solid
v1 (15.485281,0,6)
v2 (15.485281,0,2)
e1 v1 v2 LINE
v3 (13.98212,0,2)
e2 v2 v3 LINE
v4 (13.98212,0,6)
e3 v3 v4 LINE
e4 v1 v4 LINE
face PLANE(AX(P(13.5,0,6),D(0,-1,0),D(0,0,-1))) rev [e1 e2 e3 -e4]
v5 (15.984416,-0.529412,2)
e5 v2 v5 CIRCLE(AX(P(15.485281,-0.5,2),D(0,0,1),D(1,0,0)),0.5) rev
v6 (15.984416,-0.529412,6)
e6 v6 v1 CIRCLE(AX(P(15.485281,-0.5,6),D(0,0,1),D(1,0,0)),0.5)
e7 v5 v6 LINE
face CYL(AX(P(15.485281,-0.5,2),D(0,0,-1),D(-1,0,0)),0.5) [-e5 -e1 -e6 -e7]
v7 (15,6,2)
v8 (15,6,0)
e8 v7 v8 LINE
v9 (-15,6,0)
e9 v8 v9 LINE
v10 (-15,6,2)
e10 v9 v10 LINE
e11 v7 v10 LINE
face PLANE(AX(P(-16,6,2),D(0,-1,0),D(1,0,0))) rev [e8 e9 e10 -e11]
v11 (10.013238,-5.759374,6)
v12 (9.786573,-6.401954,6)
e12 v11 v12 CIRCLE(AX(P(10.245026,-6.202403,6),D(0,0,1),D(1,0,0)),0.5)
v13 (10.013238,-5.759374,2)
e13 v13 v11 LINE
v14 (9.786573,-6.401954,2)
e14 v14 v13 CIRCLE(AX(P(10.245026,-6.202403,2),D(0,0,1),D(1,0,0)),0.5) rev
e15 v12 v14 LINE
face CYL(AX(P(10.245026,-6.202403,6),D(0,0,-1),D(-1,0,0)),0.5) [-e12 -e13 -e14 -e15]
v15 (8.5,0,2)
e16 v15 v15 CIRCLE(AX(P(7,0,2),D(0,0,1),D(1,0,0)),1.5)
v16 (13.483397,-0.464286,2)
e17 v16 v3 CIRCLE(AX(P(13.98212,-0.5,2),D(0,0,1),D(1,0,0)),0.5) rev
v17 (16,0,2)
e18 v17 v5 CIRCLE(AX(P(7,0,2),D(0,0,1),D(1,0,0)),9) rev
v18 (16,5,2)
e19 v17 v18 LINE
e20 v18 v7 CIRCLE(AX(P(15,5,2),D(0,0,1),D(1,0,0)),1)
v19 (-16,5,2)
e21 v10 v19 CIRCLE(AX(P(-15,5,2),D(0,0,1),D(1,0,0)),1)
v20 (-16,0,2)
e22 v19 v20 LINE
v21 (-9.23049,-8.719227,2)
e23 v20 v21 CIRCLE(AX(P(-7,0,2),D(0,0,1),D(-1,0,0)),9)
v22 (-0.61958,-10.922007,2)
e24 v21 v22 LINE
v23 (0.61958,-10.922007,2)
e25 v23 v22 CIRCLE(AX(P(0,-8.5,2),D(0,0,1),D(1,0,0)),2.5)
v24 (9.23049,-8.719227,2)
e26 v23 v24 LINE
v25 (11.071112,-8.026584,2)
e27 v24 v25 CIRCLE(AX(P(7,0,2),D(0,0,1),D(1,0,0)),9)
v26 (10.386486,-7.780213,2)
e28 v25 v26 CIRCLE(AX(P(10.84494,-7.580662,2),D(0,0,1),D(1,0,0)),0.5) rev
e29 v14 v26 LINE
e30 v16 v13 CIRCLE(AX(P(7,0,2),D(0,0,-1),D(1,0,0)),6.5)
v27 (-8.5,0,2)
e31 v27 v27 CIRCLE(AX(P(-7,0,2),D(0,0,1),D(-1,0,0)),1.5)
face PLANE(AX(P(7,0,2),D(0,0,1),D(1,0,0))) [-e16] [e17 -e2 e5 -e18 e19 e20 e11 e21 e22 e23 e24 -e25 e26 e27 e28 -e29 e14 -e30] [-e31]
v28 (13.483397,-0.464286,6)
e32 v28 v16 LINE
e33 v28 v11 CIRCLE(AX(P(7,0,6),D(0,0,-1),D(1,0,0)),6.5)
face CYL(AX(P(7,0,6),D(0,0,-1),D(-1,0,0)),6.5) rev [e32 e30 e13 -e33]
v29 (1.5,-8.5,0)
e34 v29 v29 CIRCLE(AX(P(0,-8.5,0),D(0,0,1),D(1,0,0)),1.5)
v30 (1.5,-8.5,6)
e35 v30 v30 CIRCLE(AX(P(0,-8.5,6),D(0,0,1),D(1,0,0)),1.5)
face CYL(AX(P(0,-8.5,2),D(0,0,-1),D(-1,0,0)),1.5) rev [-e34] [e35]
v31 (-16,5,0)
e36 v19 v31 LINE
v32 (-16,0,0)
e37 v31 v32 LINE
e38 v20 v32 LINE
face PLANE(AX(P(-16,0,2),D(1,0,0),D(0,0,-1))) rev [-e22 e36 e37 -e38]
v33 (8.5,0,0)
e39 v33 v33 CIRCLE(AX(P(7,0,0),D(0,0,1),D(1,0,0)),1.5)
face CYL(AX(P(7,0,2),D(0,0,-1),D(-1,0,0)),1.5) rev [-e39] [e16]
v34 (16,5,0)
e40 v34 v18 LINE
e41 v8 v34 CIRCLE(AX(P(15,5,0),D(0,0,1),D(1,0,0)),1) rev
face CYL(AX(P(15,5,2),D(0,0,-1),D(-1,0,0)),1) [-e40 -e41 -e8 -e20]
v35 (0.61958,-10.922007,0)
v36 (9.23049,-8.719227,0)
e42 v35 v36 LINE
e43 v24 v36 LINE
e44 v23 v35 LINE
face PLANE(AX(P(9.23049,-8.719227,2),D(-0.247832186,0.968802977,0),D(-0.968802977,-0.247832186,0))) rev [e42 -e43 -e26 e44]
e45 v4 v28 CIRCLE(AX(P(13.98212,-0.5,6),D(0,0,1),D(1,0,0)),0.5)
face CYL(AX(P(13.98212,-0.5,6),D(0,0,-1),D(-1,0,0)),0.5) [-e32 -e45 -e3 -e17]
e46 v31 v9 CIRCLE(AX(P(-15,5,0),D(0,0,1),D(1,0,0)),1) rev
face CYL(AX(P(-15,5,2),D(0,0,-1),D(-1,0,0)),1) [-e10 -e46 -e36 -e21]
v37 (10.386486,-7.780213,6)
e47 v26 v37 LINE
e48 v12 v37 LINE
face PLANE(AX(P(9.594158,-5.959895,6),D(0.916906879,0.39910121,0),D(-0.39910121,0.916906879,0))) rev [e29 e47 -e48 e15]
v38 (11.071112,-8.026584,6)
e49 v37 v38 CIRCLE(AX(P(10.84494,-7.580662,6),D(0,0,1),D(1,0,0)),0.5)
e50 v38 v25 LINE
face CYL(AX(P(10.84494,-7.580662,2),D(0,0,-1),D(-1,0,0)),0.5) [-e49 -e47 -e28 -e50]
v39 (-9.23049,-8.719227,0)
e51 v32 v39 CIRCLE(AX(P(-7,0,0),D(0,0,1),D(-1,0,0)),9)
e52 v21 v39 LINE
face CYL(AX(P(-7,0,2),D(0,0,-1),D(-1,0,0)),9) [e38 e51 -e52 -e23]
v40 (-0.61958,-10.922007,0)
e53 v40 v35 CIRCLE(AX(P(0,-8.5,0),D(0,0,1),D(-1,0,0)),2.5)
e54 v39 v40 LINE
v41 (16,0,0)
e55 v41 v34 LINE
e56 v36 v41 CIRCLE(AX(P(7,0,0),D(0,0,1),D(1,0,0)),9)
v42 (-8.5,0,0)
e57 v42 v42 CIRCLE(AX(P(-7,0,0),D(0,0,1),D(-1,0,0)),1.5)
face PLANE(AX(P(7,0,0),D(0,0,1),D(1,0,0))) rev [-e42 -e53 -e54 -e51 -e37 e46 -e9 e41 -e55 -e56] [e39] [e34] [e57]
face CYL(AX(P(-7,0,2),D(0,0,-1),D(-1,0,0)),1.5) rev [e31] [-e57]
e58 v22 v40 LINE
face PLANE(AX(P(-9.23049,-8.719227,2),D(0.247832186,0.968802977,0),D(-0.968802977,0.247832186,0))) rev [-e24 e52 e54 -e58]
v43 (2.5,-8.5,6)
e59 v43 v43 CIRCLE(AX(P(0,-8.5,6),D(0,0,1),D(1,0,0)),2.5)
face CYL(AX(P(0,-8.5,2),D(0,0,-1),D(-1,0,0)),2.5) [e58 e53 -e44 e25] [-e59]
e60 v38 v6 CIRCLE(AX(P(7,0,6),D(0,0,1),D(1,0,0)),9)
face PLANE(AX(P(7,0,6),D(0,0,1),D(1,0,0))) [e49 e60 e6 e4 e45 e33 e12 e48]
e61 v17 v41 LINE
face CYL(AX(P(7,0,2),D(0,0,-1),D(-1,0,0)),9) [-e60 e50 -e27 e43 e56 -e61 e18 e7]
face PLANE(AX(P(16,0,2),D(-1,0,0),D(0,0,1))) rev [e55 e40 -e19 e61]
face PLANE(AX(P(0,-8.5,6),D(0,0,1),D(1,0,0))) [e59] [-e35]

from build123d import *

# Parameters (mm, degrees)
SKETCH_2_R      = 1.5
EXTRUDE_1_DEPTH = 2
EXTRUDE_2_DEPTH = 4
FILLET_1_R      = 1
FILLET_4_R      = 0.5
SKETCH_4_R      = 2.5
SKETCH_4_R_2    = 1.5
EXTRUDE_3_DEPTH = 4


with BuildPart() as part:
    # 草图2 → 凸台-拉伸1 (new body)
    with BuildSketch(Plane.XY):
        with BuildLine():
            Line((7, 6), (-7, 6))
            Line((-7, 6), (-16, 6))
            Line((-16, 6), (-16, 0))
            ThreePointArc((-16, 0), (-14.108952351, -5.519311231), (-9.230489674, -8.71922679))
            Line((-9.230489674, -8.71922679), (-0.619580465, -10.922007442))
            ThreePointArc((-0.619580465, -10.922007442), (0, -11), (0.619580465, -10.922007442))
            Line((0.619580465, -10.922007442), (9.230489674, -8.71922679))
            ThreePointArc((9.230489674, -8.71922679), (14.108952351, -5.519311231), (16, 0))
            Line((16, 0), (16, 6))
            Line((16, 6), (7, 6))
        make_face()
        with Locations((0, -8.5)):
            Circle(SKETCH_2_R, mode=Mode.SUBTRACT)
        with Locations((7, 0)):
            Circle(SKETCH_2_R, mode=Mode.SUBTRACT)
        with Locations(Location((-7, 0, 0), (0, 0, 180))):
            Circle(SKETCH_2_R, mode=Mode.SUBTRACT)
    extrude(amount=EXTRUDE_1_DEPTH)

    # 草图3 → 凸台-拉伸2 (add)
    with BuildSketch(Plane.XY.offset(2)):
        with BuildLine():
            Line((13.5, 0), (16, 0))
            ThreePointArc((16, 0), (14.527522767, -4.933193793), (10.591910889, -8.252161909))
            Line((10.591910889, -8.252161909), (9.594157864, -5.959894712))
            ThreePointArc((9.594157864, -5.959894712), (12.43654422, -3.562862184), (13.5, 0))
        make_face()
    extrude(amount=EXTRUDE_2_DEPTH)

    # 圆角1
    fillet_1_edges = [part.edges().sort_by_distance(p)[0] for p in [
        (-16, 6, 1),
        (16, 6, 1),
    ]]
    fillet(fillet_1_edges, radius=FILLET_1_R)

    # 圆角4
    fillet_4_edges = [part.edges().sort_by_distance(p)[0] for p in [
        (10.591910889, -8.252161909, 4),
        (16, 0, 4),
        (13.5, 0, 4),
        (9.594157864, -5.959894712, 4),
    ]]
    fillet(fillet_4_edges, radius=FILLET_4_R)

    # 草图4 → 凸台-拉伸3 (add)
    with BuildSketch(Plane.XY.offset(2)):
        with Locations(Location((0, -8.5, 0), (0, 0, 255.650730884))):
            Circle(SKETCH_4_R)
        with Locations((0, -8.5)):
            Circle(SKETCH_4_R_2, mode=Mode.SUBTRACT)
    extrude(amount=EXTRUDE_3_DEPTH)


solid = part.part
